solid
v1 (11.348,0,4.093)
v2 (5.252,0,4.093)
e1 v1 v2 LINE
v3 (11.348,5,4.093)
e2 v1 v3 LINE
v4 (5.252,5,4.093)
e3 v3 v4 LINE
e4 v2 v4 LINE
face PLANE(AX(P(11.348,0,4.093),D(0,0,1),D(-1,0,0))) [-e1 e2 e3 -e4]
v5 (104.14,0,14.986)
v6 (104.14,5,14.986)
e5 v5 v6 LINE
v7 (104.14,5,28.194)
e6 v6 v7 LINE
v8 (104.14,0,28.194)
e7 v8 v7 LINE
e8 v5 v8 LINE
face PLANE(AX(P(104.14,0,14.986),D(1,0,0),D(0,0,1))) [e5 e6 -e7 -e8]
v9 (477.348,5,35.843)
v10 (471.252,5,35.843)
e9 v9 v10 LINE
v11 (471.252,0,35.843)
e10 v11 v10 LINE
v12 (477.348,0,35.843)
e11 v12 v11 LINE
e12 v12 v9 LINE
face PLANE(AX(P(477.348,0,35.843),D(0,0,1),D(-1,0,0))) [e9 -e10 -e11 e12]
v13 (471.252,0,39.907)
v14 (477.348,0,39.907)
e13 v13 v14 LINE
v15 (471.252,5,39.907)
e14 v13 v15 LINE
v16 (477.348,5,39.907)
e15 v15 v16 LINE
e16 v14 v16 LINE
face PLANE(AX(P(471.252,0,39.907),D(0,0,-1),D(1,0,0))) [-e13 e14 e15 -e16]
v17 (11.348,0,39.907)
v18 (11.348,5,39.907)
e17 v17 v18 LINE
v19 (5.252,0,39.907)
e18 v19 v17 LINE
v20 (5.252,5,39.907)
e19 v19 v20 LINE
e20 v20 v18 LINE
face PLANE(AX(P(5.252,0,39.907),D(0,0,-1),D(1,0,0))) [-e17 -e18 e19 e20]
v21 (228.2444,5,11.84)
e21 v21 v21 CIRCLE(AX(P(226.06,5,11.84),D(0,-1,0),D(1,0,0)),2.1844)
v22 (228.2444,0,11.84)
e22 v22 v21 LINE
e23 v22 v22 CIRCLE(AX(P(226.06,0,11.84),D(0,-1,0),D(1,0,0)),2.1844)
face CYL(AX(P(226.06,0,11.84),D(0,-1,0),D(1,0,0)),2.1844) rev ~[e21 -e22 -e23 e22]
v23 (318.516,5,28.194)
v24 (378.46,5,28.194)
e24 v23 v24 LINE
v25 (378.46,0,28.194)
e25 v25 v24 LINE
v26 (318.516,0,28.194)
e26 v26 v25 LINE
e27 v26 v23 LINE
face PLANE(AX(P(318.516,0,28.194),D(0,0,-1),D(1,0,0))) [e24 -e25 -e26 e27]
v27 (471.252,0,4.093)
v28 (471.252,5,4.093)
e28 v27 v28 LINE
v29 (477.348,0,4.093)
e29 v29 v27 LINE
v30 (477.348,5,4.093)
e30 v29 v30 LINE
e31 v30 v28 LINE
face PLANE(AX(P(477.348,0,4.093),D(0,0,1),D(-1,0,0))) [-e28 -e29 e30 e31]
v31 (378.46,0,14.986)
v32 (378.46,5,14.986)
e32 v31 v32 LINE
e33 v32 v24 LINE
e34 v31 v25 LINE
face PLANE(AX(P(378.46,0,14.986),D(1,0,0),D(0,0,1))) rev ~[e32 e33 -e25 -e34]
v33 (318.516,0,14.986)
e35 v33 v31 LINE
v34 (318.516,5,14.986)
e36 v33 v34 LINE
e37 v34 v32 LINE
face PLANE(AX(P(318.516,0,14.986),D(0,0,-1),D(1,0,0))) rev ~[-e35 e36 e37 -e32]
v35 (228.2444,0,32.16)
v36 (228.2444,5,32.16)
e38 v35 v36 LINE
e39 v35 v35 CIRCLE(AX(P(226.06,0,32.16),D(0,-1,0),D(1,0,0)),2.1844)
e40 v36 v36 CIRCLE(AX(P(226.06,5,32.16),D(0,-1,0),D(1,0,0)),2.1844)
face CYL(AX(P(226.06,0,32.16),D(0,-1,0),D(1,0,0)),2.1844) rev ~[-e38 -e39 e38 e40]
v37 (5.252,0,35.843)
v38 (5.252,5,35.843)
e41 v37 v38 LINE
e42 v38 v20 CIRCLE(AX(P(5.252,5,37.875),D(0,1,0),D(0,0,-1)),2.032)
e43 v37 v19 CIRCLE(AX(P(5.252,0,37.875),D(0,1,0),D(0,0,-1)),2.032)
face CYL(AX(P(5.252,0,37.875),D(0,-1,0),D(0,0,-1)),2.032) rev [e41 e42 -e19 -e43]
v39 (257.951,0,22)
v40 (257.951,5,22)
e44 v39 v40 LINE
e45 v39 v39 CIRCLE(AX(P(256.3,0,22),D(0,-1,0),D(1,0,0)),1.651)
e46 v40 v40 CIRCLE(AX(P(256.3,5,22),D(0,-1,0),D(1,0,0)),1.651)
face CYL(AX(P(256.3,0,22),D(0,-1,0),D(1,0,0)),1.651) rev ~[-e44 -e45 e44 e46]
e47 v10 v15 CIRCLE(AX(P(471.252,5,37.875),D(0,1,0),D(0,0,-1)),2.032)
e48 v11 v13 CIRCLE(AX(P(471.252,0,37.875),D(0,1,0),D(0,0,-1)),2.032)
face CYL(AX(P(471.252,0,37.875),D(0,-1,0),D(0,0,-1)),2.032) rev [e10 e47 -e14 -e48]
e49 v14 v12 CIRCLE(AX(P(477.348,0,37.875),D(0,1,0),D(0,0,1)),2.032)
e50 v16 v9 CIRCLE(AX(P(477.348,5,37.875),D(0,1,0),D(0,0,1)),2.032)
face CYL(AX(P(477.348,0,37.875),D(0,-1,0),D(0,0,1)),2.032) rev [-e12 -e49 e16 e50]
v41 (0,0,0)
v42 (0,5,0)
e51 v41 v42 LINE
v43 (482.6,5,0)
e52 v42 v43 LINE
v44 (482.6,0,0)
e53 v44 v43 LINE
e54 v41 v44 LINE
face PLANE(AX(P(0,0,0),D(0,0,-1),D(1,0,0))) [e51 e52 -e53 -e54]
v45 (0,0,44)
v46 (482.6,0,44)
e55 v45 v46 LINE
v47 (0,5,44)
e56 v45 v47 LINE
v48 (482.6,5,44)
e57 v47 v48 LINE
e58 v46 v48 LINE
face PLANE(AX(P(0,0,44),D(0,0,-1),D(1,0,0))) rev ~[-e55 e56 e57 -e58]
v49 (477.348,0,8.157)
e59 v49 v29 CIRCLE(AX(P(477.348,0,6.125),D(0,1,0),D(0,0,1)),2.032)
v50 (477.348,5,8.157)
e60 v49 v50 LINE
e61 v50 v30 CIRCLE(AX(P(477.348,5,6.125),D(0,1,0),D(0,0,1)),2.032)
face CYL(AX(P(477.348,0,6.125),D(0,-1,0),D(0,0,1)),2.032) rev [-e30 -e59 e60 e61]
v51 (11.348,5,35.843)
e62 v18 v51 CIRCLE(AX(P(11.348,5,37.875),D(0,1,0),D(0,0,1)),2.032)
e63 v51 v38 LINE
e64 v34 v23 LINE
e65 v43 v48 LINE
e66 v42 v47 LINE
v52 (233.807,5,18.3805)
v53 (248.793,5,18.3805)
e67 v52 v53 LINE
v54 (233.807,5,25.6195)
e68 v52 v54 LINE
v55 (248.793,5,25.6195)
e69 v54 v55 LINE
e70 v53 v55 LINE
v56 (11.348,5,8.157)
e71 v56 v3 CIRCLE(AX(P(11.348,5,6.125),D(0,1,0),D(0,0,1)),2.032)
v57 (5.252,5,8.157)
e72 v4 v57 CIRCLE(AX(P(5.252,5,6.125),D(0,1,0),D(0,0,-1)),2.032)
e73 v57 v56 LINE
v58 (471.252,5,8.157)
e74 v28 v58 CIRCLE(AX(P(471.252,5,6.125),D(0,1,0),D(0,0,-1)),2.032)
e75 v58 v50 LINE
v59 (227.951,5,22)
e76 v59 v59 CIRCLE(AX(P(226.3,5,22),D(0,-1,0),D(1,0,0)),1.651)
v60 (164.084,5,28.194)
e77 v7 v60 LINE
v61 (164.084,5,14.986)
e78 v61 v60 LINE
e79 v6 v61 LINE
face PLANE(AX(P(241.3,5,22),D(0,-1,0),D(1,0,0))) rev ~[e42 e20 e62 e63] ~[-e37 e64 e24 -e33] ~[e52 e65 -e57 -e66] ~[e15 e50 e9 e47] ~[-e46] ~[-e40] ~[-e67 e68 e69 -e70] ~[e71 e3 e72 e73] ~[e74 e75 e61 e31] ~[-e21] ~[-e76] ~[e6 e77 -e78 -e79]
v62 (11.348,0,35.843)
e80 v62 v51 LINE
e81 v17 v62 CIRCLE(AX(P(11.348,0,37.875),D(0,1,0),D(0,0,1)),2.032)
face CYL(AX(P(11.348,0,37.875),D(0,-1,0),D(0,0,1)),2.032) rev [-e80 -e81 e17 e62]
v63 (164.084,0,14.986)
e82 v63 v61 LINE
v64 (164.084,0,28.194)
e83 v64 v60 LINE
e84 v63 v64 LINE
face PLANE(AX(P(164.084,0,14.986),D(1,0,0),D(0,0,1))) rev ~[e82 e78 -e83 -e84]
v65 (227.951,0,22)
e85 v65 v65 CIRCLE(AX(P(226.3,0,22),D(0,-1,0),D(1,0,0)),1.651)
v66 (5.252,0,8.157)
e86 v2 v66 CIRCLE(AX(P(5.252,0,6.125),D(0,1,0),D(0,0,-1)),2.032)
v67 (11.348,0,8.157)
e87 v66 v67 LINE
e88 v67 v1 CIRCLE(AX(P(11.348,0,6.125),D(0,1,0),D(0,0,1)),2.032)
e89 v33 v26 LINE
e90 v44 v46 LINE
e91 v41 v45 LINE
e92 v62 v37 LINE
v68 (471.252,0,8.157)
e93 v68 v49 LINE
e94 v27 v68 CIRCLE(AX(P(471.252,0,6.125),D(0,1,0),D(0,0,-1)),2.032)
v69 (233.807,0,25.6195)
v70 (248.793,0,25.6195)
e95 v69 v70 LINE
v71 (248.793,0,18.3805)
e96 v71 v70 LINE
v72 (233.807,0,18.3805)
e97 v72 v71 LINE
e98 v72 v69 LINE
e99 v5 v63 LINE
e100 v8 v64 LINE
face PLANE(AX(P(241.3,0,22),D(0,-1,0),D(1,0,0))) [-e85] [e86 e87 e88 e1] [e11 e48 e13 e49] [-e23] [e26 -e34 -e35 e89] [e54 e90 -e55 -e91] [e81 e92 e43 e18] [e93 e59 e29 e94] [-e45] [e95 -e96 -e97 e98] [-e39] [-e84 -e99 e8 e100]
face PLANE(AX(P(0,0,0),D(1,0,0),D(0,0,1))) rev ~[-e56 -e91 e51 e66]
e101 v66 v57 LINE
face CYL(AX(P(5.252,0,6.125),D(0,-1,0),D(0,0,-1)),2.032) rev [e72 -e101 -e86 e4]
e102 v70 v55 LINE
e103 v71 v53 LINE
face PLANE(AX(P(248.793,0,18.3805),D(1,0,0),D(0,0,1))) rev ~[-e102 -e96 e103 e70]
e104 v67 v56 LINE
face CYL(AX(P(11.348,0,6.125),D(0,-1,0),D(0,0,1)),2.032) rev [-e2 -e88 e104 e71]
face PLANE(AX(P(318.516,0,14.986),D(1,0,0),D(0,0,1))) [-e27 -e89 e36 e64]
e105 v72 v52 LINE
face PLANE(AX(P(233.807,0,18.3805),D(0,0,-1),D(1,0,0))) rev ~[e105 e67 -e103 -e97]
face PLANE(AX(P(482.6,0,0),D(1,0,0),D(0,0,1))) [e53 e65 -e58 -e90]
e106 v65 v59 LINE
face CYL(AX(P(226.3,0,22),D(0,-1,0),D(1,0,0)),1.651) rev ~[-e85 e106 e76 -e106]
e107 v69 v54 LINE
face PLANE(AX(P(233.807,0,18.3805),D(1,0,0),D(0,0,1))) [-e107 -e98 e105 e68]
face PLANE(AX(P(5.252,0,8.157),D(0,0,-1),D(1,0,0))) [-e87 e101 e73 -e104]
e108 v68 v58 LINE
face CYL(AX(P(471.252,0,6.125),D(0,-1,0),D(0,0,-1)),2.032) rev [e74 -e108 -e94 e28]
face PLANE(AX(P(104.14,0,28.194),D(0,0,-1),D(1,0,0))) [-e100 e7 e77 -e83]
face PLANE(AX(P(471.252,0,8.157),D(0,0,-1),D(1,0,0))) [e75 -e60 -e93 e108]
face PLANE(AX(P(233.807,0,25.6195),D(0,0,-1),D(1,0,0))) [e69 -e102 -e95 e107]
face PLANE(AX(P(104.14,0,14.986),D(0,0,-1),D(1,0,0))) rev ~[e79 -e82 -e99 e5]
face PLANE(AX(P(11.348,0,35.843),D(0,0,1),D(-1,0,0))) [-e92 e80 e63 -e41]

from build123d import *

# Parameters (mm, degrees)
F0_W     = 482.6
F0_H     = 44
F0_R     = 2.1844
F0_R_2   = 1.651
F0_W_2   = 14.986
F0_H_2   = 7.239
F1_DEPTH = 5
F2_W     = 59.944
F2_H     = 13.208
F3_DEPTH = 5.001


with BuildPart() as f1:
    # F0 (on Front) → F1 (new body)
    with BuildSketch(Plane.XZ):
        with Locations((241.3, 22)):
            Rectangle(F0_W, F0_H)
        with BuildLine():
            Line((11.348, 4.093), (5.252, 4.093))
            ThreePointArc((5.252, 4.093), (3.22, 6.125), (5.252, 8.157))
            Line((5.252, 8.157), (11.348, 8.157))
            ThreePointArc((11.348, 8.157), (13.38, 6.125), (11.348, 4.093))
        make_face(mode=Mode.SUBTRACT)
        with Locations((226.06, 11.84)):
            Circle(F0_R, mode=Mode.SUBTRACT)
        with BuildLine():
            Line((471.252, 8.157), (477.348, 8.157))
            ThreePointArc((477.348, 8.157), (479.38, 6.125), (477.348, 4.093))
            Line((477.348, 4.093), (471.252, 4.093))
            ThreePointArc((471.252, 4.093), (469.22, 6.125), (471.252, 8.157))
        make_face(mode=Mode.SUBTRACT)
        with Locations((226.3, 22)):
            Circle(F0_R_2, mode=Mode.SUBTRACT)
        with Locations((226.06, 32.16)):
            Circle(F0_R, mode=Mode.SUBTRACT)
        with BuildLine():
            ThreePointArc((5.252, 35.843), (3.22, 37.875), (5.252, 39.907))
            Line((5.252, 39.907), (11.348, 39.907))
            ThreePointArc((11.348, 39.907), (13.38, 37.875), (11.348, 35.843))
            Line((11.348, 35.843), (5.252, 35.843))
        make_face(mode=Mode.SUBTRACT)
        with Locations((241.3, 22)):
            Rectangle(F0_W_2, F0_H_2, mode=Mode.SUBTRACT)
        with Locations((256.3, 22)):
            Circle(F0_R_2, mode=Mode.SUBTRACT)
        with BuildLine():
            Line((471.252, 39.907), (477.348, 39.907))
            ThreePointArc((477.348, 39.907), (479.38, 37.875), (477.348, 35.843))
            Line((477.348, 35.843), (471.252, 35.843))
            ThreePointArc((471.252, 35.843), (469.22, 37.875), (471.252, 39.907))
        make_face(mode=Mode.SUBTRACT)
    extrude(amount=-F1_DEPTH)

    # F2 (on face) → F3 (cut, through all)
    with BuildSketch(Plane.XZ):
        with Locations((134.112, 21.59)):
            Rectangle(F2_W, F2_H)
        with Locations((348.488, 21.59)):
            Rectangle(F2_W, F2_H)
    extrude(amount=-F3_DEPTH, mode=Mode.SUBTRACT)


solid = f1.part
